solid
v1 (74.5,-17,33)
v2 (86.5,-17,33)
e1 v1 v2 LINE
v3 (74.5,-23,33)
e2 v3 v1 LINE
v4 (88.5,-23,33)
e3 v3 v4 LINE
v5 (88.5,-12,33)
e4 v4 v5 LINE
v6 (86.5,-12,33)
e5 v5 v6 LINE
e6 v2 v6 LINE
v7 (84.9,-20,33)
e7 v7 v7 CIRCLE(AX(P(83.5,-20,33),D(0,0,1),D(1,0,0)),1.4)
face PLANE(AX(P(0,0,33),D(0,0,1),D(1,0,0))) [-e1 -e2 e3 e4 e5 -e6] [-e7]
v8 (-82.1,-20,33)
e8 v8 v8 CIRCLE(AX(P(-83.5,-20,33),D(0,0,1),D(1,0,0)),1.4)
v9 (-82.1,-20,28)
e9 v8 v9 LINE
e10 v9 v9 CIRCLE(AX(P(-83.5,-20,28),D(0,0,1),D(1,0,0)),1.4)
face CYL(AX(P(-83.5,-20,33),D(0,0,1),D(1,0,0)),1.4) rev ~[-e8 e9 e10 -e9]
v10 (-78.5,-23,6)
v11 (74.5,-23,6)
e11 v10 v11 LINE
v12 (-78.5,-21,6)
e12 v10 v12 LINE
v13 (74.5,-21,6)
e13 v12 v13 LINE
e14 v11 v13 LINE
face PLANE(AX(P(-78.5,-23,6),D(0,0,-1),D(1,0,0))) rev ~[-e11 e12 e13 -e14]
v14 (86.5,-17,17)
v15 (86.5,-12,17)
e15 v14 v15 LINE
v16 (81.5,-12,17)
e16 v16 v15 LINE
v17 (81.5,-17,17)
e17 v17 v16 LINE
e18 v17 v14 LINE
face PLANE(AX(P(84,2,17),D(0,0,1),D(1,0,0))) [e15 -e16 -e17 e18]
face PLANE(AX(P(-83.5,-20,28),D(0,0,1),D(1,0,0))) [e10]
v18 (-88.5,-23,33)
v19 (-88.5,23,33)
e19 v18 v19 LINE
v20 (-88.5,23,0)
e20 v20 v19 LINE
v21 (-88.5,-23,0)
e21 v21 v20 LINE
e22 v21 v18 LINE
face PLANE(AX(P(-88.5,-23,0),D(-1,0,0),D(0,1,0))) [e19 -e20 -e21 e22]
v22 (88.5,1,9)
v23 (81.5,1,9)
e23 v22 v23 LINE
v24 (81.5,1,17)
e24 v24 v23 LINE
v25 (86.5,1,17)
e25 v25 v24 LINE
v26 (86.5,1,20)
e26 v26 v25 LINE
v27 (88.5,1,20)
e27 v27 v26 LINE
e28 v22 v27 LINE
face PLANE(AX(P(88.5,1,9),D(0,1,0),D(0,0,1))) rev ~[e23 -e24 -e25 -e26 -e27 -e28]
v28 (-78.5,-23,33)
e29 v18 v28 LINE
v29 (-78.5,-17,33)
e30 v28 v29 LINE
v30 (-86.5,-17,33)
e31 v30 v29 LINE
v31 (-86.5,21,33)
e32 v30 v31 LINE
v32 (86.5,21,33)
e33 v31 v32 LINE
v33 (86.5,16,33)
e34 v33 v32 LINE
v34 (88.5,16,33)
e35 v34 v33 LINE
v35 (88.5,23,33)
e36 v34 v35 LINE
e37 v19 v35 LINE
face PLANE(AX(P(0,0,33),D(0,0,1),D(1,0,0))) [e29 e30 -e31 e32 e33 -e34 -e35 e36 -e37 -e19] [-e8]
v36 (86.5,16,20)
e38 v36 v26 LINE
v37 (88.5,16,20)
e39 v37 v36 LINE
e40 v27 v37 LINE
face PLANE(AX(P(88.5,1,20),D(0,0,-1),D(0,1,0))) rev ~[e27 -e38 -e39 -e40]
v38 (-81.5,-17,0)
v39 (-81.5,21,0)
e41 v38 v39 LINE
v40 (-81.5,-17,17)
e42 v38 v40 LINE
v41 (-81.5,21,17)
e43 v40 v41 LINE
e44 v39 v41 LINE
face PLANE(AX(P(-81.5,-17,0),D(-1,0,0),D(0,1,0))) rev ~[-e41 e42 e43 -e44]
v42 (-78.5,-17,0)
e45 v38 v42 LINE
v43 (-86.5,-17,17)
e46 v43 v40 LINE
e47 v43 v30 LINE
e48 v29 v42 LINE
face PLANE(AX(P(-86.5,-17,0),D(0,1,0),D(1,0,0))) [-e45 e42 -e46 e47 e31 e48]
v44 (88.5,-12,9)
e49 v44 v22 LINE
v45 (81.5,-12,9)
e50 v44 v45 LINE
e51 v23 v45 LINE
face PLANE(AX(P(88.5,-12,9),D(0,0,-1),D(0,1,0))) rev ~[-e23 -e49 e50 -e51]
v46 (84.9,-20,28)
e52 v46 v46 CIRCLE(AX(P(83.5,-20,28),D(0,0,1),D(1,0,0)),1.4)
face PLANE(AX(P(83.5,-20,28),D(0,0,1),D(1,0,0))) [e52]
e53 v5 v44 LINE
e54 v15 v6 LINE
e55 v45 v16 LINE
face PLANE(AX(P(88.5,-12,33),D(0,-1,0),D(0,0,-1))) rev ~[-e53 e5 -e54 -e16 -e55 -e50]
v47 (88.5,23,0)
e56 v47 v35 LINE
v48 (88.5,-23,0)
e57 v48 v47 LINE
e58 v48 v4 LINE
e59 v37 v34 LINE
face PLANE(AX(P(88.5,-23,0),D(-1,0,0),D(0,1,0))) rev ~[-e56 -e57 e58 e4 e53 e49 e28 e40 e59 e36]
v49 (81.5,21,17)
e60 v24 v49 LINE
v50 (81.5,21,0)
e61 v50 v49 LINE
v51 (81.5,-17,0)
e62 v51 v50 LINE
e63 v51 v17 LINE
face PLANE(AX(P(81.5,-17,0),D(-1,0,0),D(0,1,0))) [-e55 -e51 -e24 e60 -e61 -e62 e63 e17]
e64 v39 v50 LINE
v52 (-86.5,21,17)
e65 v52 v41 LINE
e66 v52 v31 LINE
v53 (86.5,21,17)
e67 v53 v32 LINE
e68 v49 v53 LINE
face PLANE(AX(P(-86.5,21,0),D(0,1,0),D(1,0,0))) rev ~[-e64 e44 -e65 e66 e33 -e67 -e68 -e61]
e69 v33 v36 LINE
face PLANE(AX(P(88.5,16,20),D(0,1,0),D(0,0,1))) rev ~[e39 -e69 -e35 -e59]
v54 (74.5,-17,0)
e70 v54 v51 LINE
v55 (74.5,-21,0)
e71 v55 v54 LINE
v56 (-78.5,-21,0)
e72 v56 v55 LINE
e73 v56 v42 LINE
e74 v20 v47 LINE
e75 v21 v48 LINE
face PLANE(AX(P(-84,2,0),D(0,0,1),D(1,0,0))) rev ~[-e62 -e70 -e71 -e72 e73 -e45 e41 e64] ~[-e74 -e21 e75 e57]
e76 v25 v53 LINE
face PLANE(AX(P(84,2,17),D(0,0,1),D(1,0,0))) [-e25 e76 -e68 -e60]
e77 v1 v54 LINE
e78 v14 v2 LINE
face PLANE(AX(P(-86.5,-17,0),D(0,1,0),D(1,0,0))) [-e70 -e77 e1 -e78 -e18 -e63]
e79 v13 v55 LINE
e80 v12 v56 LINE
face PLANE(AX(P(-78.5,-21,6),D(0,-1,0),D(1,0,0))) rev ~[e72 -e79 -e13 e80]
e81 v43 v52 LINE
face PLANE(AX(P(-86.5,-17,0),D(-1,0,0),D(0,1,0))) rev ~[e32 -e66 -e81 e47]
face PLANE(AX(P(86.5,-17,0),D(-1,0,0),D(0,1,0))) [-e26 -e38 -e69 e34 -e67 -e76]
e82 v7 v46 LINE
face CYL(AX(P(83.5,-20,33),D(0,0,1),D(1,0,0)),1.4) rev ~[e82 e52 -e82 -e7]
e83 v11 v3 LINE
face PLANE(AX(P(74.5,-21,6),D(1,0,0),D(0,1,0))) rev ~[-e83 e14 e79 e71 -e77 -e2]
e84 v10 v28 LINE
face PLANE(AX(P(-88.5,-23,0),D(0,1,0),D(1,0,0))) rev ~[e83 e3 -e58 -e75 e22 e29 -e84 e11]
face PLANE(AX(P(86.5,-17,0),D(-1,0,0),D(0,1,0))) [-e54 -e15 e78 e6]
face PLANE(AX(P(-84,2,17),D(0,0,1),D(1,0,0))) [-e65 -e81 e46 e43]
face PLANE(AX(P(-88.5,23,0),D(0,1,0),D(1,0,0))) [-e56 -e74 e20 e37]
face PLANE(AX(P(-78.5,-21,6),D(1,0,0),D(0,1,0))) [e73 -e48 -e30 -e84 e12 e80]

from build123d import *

# Parameters (mm, degrees)
F0_W      = 177
F0_H      = 46
F0_W_2    = 173
F0_H_2    = 38
F1_DEPTH  = 33
F2_W      = 153
F2_H      = 27
F3_DEPTH  = 6
F4_W      = 5
F4_H      = 38
F5_DEPTH  = 17
F6_W      = 13
F6_H      = 11
F7_DEPTH  = 25
F9_R      = 1.4
F10_DEPTH = 5
F11_W     = 153
F11_H     = 4
F12_DEPTH = 6


with BuildPart() as f1:
    # F0 (on Top) → F1 (new body)
    with BuildSketch(Plane.XY):
        Rectangle(F0_W, F0_H)
        with Locations((0, 2)):
            Rectangle(F0_W_2, F0_H_2, mode=Mode.SUBTRACT)
    extrude(amount=F1_DEPTH)

    # F2 (on face) → F3 (cut)
    with BuildSketch(Plane.XZ.offset(23)):
        with Locations((-2, 19.5)):
            Rectangle(F2_W, F2_H)
    extrude(amount=-F3_DEPTH, mode=Mode.SUBTRACT)

    # F4 (on Top) → F5 (join)
    with BuildSketch(Plane.XY):
        with Locations((-84, 2)):
            Rectangle(F4_W, F4_H)
        with Locations((84, 2)):
            Rectangle(F4_W, F4_H)
    extrude(amount=F5_DEPTH)

    # F6 (on face) → F7 (cut)
    with BuildSketch(Plane.YZ.offset(88.5)):
        Polygon((16, 33), (-12, 33), (-12, 20), (1, 20), (16, 20), align=None)
        with Locations((-5.5, 14.5)):
            Rectangle(F6_W, F6_H)
    extrude(amount=-F7_DEPTH, mode=Mode.SUBTRACT)

    # F9 (on offset) → F10 (cut)
    with BuildSketch(Plane.XY.offset(33)):
        with Locations((-83.5, -20)):
            Circle(F9_R)
        with Locations((83.5, -20)):
            Circle(F9_R)
    extrude(amount=-F10_DEPTH, mode=Mode.SUBTRACT)

    # F11 (on face) → F12 (cut)
    with BuildSketch(Plane.XY.offset(6)):
        with Locations((-2, -19)):
            Rectangle(F11_W, F11_H)
    extrude(amount=-F12_DEPTH, mode=Mode.SUBTRACT)


solid = f1.part
